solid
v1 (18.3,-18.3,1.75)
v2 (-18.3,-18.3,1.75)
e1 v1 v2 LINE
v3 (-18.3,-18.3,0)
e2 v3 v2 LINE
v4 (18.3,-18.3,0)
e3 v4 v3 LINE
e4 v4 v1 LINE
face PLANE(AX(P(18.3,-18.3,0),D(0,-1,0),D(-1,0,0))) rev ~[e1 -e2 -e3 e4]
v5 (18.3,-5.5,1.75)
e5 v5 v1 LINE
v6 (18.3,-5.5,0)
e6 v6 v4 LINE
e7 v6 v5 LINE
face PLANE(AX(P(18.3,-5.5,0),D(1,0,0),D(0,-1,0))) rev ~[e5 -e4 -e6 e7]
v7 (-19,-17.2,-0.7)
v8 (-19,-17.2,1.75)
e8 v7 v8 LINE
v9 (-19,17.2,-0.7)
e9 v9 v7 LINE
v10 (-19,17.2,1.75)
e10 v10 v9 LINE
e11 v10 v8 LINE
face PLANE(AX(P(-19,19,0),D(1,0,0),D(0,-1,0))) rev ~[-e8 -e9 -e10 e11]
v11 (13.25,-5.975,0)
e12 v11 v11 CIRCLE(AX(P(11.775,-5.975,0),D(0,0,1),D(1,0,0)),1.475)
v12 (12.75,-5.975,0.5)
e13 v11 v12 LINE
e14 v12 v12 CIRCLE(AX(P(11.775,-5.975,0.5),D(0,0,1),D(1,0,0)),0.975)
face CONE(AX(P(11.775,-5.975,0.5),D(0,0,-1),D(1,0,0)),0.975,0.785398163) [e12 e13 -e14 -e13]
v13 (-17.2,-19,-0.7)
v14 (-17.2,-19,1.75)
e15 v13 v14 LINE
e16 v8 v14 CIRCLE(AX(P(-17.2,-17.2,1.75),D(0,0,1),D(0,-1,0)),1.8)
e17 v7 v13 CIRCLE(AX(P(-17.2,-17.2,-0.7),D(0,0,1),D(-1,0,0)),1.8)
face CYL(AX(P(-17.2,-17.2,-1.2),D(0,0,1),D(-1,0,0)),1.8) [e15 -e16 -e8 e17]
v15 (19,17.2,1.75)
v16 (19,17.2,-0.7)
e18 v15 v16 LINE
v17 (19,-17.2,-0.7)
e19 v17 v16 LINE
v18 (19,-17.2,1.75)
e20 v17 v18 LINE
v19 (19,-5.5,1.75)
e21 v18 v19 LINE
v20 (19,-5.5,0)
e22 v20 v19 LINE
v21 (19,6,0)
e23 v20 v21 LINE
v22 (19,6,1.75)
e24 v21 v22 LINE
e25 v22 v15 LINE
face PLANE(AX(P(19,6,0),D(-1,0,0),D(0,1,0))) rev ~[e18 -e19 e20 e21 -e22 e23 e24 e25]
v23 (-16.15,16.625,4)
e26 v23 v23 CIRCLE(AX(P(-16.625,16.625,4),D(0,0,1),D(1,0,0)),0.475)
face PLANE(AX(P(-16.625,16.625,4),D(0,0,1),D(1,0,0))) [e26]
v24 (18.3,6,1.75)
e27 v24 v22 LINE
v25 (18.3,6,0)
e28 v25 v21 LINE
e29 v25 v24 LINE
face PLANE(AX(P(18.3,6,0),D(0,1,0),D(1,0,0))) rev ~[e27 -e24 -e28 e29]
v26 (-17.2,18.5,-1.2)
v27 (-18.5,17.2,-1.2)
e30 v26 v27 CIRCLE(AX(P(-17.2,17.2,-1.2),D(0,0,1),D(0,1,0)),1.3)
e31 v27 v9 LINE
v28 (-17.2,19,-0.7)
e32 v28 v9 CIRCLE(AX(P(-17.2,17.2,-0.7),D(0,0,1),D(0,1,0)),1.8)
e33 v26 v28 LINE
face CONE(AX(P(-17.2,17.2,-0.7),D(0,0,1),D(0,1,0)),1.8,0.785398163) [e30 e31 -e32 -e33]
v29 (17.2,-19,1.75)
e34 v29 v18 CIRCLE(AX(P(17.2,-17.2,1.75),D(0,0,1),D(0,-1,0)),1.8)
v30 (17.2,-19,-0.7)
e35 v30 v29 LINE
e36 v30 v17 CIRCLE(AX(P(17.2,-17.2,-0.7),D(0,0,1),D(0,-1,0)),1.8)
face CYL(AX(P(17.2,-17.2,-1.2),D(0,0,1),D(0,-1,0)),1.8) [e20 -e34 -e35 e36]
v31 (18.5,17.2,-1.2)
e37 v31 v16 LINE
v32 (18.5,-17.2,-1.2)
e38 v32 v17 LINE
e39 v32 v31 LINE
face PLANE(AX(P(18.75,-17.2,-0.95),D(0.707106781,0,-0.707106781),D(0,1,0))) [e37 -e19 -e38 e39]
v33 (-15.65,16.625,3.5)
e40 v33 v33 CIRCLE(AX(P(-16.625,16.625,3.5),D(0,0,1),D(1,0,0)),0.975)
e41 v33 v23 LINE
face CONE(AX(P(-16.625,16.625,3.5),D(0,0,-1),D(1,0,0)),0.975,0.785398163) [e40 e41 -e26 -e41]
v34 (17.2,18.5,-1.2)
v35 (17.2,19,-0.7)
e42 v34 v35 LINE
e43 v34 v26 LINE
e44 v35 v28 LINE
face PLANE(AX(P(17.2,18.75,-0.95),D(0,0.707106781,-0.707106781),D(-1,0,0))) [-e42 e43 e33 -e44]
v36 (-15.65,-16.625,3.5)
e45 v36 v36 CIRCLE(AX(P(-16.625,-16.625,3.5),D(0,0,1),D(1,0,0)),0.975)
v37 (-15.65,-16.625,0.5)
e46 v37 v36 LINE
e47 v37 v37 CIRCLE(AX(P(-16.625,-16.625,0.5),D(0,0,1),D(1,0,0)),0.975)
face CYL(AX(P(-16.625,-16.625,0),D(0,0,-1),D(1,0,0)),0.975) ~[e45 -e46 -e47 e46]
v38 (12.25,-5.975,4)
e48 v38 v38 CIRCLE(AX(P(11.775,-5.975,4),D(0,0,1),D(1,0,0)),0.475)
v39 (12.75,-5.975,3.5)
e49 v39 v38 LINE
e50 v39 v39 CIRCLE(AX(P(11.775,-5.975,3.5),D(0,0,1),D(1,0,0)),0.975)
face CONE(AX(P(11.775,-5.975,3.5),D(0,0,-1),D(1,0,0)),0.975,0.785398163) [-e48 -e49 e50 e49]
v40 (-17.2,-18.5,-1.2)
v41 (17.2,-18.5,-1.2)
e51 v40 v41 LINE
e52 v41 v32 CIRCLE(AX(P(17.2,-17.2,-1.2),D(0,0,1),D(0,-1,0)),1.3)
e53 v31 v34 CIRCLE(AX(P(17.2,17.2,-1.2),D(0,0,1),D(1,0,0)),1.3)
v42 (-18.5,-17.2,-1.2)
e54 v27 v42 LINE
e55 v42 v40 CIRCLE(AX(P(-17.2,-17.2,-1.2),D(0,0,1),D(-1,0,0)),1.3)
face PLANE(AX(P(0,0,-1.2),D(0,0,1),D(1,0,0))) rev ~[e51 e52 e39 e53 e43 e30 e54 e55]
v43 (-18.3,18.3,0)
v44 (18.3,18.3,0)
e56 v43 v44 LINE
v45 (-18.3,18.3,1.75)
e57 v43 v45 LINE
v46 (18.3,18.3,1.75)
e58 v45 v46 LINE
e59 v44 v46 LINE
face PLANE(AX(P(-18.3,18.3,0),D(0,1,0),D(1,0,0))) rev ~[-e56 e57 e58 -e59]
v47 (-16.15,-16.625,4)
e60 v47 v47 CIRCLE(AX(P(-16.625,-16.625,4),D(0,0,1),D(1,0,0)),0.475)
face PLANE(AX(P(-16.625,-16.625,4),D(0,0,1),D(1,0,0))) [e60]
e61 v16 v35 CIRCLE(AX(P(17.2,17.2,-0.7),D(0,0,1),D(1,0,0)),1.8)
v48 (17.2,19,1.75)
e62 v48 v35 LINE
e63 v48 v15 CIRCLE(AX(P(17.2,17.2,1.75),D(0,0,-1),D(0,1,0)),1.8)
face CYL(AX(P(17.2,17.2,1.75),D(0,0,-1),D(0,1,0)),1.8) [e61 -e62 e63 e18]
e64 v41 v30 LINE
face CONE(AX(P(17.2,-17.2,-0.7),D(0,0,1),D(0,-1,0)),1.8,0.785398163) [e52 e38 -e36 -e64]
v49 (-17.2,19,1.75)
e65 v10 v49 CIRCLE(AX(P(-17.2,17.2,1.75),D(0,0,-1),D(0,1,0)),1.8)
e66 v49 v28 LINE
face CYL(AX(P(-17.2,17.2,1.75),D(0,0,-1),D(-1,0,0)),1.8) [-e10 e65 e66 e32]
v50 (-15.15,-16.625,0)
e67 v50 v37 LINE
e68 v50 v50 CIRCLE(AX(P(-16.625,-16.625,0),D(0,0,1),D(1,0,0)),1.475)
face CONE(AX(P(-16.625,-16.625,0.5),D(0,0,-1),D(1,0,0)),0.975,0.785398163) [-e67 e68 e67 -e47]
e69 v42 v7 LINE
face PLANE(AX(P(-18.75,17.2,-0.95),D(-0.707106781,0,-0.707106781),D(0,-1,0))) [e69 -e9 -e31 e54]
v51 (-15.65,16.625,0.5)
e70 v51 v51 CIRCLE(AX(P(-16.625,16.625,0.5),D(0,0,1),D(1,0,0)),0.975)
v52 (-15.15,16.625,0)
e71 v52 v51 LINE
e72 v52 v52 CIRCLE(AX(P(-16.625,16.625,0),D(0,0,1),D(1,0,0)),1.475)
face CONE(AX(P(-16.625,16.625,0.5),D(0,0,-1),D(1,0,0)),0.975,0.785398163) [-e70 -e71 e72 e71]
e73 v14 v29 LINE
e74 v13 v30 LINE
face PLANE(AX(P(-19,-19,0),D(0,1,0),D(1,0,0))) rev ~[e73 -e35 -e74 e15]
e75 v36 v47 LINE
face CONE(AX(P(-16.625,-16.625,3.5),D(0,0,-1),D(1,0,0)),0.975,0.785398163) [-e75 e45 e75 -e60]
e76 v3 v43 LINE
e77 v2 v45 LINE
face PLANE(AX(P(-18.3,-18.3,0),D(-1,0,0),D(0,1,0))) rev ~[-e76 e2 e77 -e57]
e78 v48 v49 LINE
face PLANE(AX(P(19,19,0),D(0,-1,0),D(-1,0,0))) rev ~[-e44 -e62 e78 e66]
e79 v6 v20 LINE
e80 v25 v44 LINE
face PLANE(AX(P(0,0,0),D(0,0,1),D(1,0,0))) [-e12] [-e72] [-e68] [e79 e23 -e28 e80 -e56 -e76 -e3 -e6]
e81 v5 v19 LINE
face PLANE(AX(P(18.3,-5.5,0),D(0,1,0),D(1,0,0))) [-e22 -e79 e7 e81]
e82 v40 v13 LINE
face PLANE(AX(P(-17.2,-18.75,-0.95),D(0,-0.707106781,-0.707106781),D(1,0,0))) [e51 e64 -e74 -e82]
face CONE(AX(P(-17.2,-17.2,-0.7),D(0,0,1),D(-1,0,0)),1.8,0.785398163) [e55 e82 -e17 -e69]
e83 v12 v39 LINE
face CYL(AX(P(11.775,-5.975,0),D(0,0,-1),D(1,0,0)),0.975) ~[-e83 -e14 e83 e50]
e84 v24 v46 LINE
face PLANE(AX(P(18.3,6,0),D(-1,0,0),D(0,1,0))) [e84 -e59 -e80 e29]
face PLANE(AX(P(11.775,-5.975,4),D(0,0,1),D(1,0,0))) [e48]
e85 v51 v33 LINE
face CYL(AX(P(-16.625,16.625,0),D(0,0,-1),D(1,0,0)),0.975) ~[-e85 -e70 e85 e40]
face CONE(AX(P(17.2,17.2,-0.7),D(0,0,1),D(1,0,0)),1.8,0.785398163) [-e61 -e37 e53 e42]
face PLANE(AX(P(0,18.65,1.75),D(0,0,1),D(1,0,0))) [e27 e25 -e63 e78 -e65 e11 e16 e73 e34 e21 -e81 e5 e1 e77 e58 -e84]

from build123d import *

# Parameters (mm, degrees)
F0_R     = 0.975
F0_W     = 36.6
F0_H     = 0.7
F0_W_2   = 0.7
F0_H_2   = 36.6
F0_H_3   = 12.8
F0_H_4   = 12.3
F0_H_5   = 11.5
F1_DEPTH = 1.2
F2_DEPTH = 1.75
F3_DEPTH = 4
F4_R     = 1.8
F5_SIZE  = 0.5


with BuildPart() as f1:
    # F0 (on Top) → F1 (new body)
    with BuildSketch(Plane.XY):
        Polygon((18.3, 6), (18.3, 18.3), (-18.3, 18.3), (-18.3, -18.3), (18.3, -18.3), (18.3, -5.5), align=None)
        with Locations((-16.625, -16.625)):
            Circle(F0_R, mode=Mode.SUBTRACT)
        with Locations((11.775, -5.975)):
            Circle(F0_R, mode=Mode.SUBTRACT)
        with Locations((-16.625, 16.625)):
            Circle(F0_R, mode=Mode.SUBTRACT)
        with Locations((0, 18.65)):
            Rectangle(F0_W, F0_H)
        with Locations((0, -18.65)):
            Rectangle(F0_W, F0_H)
        with Locations((-18.65, 0)):
            Rectangle(F0_W_2, F0_H_2)
        with Locations((18.65, -11.9)):
            Rectangle(F0_W_2, F0_H_3)
        with Locations((18.65, 12.15)):
            Rectangle(F0_W_2, F0_H_4)
        with Locations((18.65, 0.25)):
            Rectangle(F0_W_2, F0_H_5)
        with Locations((11.775, -5.975)):
            Circle(F0_R)
        with Locations((-16.625, -16.625)):
            Circle(F0_R)
        with Locations((-16.625, 16.625)):
            Circle(F0_R)
        with Locations((18.65, 18.65)):
            Rectangle(F0_W_2, F0_H)
        with Locations((-18.65, 18.65)):
            Rectangle(F0_W_2, F0_H)
        with Locations((18.65, -18.65)):
            Rectangle(F0_W_2, F0_H)
        with Locations((-18.65, -18.65)):
            Rectangle(F0_W_2, F0_H)
    extrude(amount=-F1_DEPTH)

    # F0 (on Top) → F2 (join)
    with BuildSketch(Plane.XY):
        with Locations((0, 18.65)):
            Rectangle(F0_W, F0_H)
        with Locations((-18.65, 18.65)):
            Rectangle(F0_W_2, F0_H)
        with Locations((18.65, 18.65)):
            Rectangle(F0_W_2, F0_H)
        with Locations((18.65, 12.15)):
            Rectangle(F0_W_2, F0_H_4)
        with Locations((18.65, -11.9)):
            Rectangle(F0_W_2, F0_H_3)
        with Locations((18.65, -18.65)):
            Rectangle(F0_W_2, F0_H)
        with Locations((0, -18.65)):
            Rectangle(F0_W, F0_H)
        with Locations((-18.65, -18.65)):
            Rectangle(F0_W_2, F0_H)
        with Locations((-18.65, 0)):
            Rectangle(F0_W_2, F0_H_2)
    extrude(amount=F2_DEPTH)

    # F0 (on Top) → F3 (join)
    with BuildSketch(Plane.XY):
        with Locations((-16.625, 16.625)):
            Circle(F0_R)
        with Locations((-16.625, -16.625)):
            Circle(F0_R)
        with Locations((11.775, -5.975)):
            Circle(F0_R)
    extrude(amount=F3_DEPTH)

    # F4
    f4_edges = [f1.edges().sort_by_distance(p)[0] for p in [
        (-19, 19, 0.275),
        (19, 19, 0.275),
        (-19, -19, 0.275),
        (19, -19, 0.275),
    ]]
    fillet(f4_edges, radius=F4_R)

    # F5
    f5_edges = [f1.edges().sort_by_distance(p)[0] for p in [
        (0, -19, -1.2),
        (10.8, -5.975, 4),
        (-17.6, 16.625, 4),
        (-17.6, -16.625, 4),
        (-17.6, 16.625, 0),
        (10.8, -5.975, 0),
        (-17.6, -16.625, 0),
    ]]
    chamfer(f5_edges, length=F5_SIZE)


solid = f1.part
